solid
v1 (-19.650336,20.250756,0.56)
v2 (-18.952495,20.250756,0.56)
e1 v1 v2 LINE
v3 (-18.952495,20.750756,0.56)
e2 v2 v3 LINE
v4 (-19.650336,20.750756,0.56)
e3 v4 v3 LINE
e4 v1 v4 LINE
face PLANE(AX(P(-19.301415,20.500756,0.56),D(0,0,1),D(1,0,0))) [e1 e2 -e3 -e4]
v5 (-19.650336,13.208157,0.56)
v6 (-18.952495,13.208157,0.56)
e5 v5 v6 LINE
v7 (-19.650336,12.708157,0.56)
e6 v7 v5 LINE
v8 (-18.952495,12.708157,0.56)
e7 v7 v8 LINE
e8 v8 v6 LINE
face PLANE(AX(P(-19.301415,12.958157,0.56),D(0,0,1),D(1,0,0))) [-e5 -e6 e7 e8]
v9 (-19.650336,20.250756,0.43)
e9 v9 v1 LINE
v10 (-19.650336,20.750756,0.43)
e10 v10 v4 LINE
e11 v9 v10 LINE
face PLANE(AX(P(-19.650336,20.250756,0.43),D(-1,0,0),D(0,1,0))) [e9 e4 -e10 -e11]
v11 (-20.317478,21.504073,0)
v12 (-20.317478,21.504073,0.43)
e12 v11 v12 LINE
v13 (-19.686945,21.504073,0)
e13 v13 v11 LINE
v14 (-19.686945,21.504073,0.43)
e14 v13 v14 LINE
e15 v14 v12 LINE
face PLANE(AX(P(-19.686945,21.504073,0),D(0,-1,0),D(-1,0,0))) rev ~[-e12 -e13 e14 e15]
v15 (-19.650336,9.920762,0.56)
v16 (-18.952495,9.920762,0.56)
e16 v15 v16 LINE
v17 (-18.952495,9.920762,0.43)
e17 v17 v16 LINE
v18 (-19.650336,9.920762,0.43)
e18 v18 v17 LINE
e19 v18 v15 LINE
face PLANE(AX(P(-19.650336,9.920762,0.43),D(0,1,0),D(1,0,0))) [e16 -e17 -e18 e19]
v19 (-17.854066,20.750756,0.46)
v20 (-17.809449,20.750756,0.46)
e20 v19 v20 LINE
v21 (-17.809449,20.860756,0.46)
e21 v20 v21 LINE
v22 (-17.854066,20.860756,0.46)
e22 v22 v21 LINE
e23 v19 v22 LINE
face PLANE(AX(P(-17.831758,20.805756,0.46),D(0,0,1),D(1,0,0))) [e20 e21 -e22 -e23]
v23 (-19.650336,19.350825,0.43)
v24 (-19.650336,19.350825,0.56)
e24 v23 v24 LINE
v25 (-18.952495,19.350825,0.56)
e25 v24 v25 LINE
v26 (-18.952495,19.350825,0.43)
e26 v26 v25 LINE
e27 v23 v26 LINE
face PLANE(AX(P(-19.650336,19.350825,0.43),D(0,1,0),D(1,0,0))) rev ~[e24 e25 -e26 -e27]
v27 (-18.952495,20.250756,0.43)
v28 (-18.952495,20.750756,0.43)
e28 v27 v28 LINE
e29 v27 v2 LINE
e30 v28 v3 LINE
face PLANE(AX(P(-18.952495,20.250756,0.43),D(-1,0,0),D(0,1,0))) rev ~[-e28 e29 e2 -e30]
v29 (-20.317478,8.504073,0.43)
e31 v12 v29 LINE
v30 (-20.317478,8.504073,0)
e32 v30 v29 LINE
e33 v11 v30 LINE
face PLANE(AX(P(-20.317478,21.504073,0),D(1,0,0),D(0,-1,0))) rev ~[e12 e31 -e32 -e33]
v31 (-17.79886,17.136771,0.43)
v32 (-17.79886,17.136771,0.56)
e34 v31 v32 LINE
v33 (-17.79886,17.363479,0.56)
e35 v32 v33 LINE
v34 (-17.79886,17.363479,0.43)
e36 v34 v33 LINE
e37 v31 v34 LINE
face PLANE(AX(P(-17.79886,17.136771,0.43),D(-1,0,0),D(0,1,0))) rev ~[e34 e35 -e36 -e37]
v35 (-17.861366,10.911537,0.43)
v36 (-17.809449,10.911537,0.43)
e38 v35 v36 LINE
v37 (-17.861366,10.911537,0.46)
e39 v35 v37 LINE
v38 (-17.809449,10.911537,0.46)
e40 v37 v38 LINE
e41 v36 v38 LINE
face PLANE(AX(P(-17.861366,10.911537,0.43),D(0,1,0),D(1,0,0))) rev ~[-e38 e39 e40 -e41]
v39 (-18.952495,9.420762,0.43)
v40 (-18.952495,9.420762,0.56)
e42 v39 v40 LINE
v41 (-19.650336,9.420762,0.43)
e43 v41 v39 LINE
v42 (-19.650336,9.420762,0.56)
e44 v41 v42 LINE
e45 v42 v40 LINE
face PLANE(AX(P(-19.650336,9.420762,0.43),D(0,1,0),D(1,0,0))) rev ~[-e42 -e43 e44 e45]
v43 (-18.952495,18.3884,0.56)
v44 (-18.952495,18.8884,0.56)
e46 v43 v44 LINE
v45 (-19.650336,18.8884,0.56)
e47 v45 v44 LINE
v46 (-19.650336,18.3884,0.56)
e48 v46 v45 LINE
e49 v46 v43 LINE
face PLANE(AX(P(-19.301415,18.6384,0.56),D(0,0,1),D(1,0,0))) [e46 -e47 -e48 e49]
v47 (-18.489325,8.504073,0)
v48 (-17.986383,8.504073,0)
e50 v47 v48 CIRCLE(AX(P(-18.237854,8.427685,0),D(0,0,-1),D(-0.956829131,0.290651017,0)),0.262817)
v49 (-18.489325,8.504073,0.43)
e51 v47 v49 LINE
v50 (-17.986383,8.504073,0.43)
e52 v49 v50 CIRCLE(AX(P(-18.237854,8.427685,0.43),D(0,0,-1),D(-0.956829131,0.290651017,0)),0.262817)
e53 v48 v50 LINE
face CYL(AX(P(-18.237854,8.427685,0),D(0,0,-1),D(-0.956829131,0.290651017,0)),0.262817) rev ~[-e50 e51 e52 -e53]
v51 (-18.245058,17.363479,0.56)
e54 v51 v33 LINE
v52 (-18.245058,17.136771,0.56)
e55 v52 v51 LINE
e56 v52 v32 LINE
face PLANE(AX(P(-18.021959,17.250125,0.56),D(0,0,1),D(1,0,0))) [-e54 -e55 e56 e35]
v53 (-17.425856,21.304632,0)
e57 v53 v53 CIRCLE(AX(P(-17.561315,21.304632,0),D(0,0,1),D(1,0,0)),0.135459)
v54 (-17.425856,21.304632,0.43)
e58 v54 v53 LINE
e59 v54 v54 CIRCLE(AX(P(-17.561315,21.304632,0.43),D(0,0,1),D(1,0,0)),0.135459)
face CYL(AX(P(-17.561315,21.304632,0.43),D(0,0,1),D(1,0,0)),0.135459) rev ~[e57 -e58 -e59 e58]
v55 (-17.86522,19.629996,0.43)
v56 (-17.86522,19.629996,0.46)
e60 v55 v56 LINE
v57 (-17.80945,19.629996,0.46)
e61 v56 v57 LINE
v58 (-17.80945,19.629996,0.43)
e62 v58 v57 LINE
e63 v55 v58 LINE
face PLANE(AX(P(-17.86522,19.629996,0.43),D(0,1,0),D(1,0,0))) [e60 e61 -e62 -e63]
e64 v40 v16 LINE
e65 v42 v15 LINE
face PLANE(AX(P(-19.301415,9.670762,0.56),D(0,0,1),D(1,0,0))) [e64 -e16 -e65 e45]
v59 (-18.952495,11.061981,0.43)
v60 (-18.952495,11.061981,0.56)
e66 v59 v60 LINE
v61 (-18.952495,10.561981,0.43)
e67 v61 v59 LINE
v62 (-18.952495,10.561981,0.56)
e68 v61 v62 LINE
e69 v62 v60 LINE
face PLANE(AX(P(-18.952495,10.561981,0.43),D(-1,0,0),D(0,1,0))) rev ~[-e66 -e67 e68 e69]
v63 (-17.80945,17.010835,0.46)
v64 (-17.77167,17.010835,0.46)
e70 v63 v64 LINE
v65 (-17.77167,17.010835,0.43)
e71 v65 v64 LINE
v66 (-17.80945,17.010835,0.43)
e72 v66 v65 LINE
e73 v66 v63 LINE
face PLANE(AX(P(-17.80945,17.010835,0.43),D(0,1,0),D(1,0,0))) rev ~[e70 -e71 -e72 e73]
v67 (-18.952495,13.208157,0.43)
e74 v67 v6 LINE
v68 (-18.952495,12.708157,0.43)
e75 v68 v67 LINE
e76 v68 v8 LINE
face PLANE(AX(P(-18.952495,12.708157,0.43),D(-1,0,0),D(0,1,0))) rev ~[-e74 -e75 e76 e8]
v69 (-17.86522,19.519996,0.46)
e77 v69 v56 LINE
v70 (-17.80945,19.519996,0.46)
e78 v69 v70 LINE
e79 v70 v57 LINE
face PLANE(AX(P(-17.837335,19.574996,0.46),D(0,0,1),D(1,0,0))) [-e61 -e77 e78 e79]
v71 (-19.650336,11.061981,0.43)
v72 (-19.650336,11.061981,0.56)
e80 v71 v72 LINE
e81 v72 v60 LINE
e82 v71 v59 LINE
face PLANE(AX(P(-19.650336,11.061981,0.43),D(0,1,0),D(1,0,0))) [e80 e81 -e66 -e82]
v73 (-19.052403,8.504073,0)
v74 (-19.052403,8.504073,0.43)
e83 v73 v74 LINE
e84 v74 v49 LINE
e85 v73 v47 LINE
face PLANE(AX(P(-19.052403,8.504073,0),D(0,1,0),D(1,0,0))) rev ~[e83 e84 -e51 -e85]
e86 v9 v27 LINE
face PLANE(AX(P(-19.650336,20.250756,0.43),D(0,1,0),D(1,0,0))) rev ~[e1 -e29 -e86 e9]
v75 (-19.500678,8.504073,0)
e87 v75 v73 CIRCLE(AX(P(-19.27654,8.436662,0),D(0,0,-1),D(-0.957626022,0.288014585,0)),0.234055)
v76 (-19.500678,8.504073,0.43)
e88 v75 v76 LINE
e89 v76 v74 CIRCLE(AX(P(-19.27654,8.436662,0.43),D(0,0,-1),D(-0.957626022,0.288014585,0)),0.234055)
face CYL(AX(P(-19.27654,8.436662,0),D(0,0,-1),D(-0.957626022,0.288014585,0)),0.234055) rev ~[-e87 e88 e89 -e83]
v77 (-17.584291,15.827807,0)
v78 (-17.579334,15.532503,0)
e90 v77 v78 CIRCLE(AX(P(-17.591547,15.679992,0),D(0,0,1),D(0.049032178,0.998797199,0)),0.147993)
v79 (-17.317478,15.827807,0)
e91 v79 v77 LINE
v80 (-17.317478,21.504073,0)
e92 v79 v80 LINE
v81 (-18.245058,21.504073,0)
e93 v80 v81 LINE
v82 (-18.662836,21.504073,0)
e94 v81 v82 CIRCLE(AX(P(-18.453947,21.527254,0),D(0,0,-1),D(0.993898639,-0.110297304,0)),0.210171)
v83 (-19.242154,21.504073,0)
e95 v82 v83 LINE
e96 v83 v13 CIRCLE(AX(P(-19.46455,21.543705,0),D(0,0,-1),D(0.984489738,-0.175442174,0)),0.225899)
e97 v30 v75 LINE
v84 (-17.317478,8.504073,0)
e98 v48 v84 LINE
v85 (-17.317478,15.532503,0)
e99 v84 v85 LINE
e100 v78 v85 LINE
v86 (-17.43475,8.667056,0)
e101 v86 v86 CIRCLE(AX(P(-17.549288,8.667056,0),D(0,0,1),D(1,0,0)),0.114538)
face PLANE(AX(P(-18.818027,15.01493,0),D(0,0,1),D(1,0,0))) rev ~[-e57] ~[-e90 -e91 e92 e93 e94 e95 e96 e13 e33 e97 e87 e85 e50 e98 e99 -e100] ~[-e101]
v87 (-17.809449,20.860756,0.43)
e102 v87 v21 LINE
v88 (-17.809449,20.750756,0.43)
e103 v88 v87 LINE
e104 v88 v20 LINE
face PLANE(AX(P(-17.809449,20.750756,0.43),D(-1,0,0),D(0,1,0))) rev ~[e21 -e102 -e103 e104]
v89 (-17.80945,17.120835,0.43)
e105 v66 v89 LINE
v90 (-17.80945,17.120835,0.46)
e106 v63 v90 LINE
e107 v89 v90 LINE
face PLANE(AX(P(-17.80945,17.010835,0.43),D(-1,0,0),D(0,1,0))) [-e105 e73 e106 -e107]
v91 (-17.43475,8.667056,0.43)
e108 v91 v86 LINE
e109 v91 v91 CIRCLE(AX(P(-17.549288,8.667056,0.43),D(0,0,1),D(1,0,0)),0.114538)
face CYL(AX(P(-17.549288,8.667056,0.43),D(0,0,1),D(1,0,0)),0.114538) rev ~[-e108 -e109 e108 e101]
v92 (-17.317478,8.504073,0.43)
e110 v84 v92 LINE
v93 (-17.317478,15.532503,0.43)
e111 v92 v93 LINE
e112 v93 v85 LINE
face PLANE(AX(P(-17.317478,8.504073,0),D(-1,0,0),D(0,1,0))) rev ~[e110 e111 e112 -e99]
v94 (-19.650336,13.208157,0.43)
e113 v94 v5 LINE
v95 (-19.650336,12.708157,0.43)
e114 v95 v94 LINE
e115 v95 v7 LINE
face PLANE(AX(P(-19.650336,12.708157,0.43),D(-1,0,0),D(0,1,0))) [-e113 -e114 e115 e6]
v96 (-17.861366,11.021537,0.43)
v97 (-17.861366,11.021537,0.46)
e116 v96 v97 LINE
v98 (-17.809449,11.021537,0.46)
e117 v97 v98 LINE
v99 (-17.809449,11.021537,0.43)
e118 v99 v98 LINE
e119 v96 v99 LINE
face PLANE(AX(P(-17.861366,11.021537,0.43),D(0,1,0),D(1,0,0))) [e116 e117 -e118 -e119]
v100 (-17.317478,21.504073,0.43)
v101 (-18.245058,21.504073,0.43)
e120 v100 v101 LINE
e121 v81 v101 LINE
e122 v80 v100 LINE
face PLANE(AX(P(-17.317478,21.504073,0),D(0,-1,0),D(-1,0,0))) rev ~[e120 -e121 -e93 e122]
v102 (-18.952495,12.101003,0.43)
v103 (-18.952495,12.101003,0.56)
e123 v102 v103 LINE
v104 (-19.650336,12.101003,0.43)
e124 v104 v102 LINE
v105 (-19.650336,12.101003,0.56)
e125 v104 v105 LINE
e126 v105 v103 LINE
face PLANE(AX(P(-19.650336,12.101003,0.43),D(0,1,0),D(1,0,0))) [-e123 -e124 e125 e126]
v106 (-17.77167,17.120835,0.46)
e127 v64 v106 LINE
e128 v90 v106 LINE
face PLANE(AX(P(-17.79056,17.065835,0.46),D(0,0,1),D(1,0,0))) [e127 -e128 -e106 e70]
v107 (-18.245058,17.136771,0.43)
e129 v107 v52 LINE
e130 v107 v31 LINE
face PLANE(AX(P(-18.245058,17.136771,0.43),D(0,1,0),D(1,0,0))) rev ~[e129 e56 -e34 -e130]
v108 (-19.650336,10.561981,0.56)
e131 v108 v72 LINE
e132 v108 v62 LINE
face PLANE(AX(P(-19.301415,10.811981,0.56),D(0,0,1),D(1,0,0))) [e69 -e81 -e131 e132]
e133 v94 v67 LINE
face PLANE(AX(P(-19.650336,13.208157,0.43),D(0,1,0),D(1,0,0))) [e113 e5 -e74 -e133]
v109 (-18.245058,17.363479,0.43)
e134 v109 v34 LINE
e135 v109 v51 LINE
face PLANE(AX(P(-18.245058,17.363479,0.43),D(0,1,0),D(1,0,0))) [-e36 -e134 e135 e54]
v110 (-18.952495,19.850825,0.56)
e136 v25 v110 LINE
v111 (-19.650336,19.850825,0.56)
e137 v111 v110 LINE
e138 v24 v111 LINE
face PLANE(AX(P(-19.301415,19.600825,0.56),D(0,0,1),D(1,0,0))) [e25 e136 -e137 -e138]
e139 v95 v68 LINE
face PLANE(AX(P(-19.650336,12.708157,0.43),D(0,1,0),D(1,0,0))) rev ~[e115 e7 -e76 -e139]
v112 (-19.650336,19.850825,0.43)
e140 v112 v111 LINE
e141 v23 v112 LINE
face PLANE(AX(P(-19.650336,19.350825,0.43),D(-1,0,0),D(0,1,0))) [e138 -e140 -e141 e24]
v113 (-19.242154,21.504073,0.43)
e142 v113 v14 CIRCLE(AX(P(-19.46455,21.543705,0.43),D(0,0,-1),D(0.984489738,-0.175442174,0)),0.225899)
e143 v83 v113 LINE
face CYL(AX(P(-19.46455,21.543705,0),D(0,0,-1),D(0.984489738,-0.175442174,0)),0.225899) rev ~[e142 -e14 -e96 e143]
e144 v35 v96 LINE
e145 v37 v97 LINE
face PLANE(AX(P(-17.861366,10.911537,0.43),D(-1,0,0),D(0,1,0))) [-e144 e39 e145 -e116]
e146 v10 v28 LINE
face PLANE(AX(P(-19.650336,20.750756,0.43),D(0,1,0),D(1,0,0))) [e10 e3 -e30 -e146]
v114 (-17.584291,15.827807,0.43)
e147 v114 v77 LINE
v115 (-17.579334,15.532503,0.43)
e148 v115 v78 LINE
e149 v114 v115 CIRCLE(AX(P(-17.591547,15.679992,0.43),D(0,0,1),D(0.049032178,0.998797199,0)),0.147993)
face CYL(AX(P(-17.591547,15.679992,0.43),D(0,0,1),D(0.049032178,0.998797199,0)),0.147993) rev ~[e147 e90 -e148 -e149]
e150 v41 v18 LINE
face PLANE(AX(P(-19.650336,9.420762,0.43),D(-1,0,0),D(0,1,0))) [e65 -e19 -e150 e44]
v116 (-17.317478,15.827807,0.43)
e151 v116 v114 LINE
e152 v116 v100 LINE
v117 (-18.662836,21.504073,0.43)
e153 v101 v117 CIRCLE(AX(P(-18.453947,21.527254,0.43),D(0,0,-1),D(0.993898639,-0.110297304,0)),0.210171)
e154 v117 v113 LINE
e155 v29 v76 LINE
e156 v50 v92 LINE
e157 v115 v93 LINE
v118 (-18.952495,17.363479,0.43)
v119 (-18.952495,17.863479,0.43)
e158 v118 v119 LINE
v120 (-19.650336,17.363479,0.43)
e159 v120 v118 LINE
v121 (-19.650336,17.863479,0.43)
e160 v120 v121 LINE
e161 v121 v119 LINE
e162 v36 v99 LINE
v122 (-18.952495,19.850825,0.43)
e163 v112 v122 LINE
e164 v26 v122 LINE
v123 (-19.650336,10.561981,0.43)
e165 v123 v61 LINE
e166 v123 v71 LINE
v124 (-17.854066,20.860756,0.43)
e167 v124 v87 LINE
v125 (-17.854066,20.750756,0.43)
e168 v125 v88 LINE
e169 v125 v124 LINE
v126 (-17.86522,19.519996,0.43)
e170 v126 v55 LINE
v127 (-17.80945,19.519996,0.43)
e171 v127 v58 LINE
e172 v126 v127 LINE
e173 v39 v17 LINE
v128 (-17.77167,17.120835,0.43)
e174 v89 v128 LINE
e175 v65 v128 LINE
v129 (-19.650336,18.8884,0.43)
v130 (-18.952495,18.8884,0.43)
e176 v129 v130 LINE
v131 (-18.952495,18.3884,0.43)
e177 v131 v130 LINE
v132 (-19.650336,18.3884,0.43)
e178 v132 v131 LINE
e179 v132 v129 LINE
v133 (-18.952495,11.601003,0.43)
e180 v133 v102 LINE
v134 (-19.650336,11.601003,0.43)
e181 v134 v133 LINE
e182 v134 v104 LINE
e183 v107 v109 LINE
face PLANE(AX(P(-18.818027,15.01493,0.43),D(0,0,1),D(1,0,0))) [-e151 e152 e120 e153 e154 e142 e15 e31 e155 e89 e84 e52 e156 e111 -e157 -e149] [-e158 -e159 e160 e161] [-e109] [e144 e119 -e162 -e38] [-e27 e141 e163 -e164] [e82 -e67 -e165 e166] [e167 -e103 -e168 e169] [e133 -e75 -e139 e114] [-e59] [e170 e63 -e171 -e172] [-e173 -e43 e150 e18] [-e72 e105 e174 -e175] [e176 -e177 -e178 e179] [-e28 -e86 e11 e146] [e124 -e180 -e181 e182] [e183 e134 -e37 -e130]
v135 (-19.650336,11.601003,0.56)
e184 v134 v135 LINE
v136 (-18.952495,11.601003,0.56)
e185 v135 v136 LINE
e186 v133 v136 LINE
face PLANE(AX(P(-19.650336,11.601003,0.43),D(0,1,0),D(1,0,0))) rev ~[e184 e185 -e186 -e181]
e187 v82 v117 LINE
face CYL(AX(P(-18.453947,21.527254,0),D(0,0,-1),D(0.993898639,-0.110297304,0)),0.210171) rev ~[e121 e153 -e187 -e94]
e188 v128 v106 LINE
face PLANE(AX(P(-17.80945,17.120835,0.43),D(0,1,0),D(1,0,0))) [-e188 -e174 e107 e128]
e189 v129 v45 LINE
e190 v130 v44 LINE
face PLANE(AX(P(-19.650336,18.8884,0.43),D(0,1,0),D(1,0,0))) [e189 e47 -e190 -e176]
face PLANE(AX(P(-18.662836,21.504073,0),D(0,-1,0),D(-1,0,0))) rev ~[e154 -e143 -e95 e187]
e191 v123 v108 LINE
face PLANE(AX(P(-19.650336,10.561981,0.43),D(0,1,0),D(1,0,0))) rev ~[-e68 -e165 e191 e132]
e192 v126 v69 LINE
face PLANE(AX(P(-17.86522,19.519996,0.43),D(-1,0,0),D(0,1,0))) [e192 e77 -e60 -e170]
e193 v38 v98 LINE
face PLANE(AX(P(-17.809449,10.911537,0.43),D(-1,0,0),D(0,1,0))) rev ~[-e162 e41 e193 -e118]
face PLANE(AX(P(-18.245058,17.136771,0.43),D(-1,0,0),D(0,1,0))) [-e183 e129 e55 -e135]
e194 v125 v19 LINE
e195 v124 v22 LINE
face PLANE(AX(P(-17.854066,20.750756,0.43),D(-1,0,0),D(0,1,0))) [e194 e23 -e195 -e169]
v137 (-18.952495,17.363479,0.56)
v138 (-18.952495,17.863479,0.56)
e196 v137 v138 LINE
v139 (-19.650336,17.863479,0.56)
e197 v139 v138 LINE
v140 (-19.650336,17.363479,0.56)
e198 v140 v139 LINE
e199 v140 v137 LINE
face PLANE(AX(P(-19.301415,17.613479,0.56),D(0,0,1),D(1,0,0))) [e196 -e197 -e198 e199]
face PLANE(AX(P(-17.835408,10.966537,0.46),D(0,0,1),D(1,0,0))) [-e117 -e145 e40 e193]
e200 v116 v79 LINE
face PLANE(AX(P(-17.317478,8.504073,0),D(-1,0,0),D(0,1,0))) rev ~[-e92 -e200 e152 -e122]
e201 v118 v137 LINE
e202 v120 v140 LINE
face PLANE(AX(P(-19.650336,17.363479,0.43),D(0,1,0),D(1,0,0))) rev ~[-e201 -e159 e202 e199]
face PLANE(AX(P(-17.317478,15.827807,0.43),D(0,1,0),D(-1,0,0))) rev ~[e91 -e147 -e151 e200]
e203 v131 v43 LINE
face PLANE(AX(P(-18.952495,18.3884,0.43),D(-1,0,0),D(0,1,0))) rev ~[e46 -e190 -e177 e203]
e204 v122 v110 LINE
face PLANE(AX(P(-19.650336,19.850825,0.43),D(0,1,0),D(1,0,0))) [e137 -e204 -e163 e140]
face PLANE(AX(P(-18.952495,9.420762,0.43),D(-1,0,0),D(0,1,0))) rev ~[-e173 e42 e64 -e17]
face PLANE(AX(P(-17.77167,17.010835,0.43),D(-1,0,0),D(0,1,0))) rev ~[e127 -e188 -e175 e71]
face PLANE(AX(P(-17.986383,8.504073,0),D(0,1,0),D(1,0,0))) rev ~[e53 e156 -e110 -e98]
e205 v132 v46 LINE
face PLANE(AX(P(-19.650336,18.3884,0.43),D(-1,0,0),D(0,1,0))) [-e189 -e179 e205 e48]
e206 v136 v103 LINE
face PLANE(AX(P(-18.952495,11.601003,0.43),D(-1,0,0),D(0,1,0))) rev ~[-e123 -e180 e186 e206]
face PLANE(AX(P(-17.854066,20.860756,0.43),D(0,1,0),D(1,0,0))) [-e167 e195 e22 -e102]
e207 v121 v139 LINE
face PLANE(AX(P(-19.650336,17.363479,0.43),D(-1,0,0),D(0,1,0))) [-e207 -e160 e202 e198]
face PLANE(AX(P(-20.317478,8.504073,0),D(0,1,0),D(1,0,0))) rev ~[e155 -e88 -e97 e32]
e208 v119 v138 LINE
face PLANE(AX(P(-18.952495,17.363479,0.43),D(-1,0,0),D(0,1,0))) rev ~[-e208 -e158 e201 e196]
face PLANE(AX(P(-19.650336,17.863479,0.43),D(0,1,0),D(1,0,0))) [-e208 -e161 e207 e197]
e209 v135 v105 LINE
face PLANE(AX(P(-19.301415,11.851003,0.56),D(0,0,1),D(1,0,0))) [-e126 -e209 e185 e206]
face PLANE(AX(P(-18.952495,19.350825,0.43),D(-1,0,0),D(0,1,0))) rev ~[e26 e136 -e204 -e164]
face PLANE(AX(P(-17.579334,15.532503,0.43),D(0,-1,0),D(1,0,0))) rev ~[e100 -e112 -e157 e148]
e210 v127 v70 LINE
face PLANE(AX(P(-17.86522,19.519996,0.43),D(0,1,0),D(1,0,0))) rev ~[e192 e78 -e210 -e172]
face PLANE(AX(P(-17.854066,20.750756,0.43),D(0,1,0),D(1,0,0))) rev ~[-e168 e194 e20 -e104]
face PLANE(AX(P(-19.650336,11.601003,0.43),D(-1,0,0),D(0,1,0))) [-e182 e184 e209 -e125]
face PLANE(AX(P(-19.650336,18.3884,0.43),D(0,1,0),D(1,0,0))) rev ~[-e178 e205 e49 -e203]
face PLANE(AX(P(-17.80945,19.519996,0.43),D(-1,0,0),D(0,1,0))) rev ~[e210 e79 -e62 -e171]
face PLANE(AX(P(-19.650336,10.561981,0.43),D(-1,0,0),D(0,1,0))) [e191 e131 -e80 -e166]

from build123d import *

# Parameters (mm, degrees)
F1_DEPTH = 0.43
F2_R     = 0.114538
F2_R_2   = 0.135459
F3_DEPTH = 25
F4_W     = 0.697841
F4_H     = 0.5
F4_W_2   = 0.446198
F4_H_2   = 0.226708
F5_DEPTH = 0.13
F7_DEPTH = 25
F8_W     = 0.044617
F8_H     = 0.11
F8_W_2   = 0.05577
F8_W_3   = 0.03778
F8_W_4   = 0.051917
F9_DEPTH = 0.03


with BuildPart() as f1:
    # F0 (on Top) → F1 (new body)
    with BuildSketch(Plane.XY):
        with BuildLine():
            Line((-17.317478, 8.504073), (-17.317478, 21.504073))
            Line((-17.317478, 21.504073), (-18.245058, 21.504073))
            ThreePointArc((-18.245058, 21.504073), (-18.453947, 21.317083), (-18.662836, 21.504073))
            Line((-18.662836, 21.504073), (-19.242154, 21.504073))
            ThreePointArc((-19.242154, 21.504073), (-19.46455, 21.317806), (-19.686945, 21.504073))
            Line((-19.686945, 21.504073), (-20.317478, 21.504073))
            Line((-20.317478, 21.504073), (-20.317478, 8.504073))
            Line((-20.317478, 8.504073), (-19.500678, 8.504073))
            ThreePointArc((-19.500678, 8.504073), (-19.276541, 8.670717), (-19.052403, 8.504073))
            Line((-19.052403, 8.504073), (-18.489325, 8.504073))
            ThreePointArc((-18.489325, 8.504073), (-18.237854, 8.690502), (-17.986383, 8.504073))
            Line((-17.986383, 8.504073), (-17.317478, 8.504073))
        make_face()
    extrude(amount=F1_DEPTH)

    # F2 (on face) → F3 (cut)
    with BuildSketch(Plane.XY.offset(0.43)):
        with Locations((-17.549288, 8.667056)):
            Circle(F2_R)
        with Locations((-17.561315, 21.304632)):
            Circle(F2_R_2)
    extrude(amount=-F3_DEPTH, mode=Mode.SUBTRACT)

    # F4 (on face) → F5 (join)
    with BuildSketch(Plane.XY.offset(0.43)):
        with Locations((-19.301415, 20.500756)):
            Rectangle(F4_W, F4_H)
        with Locations((-19.301415, 19.600825)):
            Rectangle(F4_W, F4_H)
        with Locations((-19.301415, 18.6384)):
            Rectangle(F4_W, F4_H)
        with Locations((-19.301415, 17.613479)):
            Rectangle(F4_W, F4_H)
        with Locations((-18.021959, 17.250125)):
            Rectangle(F4_W_2, F4_H_2)
        with Locations((-19.301415, 12.958157)):
            Rectangle(F4_W, F4_H)
        with Locations((-19.301415, 11.851003)):
            Rectangle(F4_W, F4_H)
        with Locations((-19.301415, 10.811981)):
            Rectangle(F4_W, F4_H)
        with Locations((-19.301415, 9.670762)):
            Rectangle(F4_W, F4_H)
    extrude(amount=F5_DEPTH)

    # F6 (on face) → F7 (cut)
    with BuildSketch(Plane.XY.offset(0.43)):
        with BuildLine():
            Line((-17.317478, 15.827807), (-17.584291, 15.827807))
            ThreePointArc((-17.584291, 15.827807), (-17.73952, 15.677507), (-17.579334, 15.532503))
            Line((-17.579334, 15.532503), (-17.317478, 15.532503))
            Line((-17.317478, 15.532503), (-17.317478, 15.827807))
        make_face()
    extrude(amount=-F7_DEPTH, mode=Mode.SUBTRACT)

    # F8 (on face) → F9 (join)
    with BuildSketch(Plane.XY.offset(0.43)):
        with Locations((-17.831758, 20.805756)):
            Rectangle(F8_W, F8_H)
        with Locations((-17.837335, 19.574996)):
            Rectangle(F8_W_2, F8_H)
        with Locations((-17.79056, 17.065835)):
            Rectangle(F8_W_3, F8_H)
        with Locations((-17.835408, 10.966537)):
            Rectangle(F8_W_4, F8_H)
    extrude(amount=F9_DEPTH)


solid = f1.part
